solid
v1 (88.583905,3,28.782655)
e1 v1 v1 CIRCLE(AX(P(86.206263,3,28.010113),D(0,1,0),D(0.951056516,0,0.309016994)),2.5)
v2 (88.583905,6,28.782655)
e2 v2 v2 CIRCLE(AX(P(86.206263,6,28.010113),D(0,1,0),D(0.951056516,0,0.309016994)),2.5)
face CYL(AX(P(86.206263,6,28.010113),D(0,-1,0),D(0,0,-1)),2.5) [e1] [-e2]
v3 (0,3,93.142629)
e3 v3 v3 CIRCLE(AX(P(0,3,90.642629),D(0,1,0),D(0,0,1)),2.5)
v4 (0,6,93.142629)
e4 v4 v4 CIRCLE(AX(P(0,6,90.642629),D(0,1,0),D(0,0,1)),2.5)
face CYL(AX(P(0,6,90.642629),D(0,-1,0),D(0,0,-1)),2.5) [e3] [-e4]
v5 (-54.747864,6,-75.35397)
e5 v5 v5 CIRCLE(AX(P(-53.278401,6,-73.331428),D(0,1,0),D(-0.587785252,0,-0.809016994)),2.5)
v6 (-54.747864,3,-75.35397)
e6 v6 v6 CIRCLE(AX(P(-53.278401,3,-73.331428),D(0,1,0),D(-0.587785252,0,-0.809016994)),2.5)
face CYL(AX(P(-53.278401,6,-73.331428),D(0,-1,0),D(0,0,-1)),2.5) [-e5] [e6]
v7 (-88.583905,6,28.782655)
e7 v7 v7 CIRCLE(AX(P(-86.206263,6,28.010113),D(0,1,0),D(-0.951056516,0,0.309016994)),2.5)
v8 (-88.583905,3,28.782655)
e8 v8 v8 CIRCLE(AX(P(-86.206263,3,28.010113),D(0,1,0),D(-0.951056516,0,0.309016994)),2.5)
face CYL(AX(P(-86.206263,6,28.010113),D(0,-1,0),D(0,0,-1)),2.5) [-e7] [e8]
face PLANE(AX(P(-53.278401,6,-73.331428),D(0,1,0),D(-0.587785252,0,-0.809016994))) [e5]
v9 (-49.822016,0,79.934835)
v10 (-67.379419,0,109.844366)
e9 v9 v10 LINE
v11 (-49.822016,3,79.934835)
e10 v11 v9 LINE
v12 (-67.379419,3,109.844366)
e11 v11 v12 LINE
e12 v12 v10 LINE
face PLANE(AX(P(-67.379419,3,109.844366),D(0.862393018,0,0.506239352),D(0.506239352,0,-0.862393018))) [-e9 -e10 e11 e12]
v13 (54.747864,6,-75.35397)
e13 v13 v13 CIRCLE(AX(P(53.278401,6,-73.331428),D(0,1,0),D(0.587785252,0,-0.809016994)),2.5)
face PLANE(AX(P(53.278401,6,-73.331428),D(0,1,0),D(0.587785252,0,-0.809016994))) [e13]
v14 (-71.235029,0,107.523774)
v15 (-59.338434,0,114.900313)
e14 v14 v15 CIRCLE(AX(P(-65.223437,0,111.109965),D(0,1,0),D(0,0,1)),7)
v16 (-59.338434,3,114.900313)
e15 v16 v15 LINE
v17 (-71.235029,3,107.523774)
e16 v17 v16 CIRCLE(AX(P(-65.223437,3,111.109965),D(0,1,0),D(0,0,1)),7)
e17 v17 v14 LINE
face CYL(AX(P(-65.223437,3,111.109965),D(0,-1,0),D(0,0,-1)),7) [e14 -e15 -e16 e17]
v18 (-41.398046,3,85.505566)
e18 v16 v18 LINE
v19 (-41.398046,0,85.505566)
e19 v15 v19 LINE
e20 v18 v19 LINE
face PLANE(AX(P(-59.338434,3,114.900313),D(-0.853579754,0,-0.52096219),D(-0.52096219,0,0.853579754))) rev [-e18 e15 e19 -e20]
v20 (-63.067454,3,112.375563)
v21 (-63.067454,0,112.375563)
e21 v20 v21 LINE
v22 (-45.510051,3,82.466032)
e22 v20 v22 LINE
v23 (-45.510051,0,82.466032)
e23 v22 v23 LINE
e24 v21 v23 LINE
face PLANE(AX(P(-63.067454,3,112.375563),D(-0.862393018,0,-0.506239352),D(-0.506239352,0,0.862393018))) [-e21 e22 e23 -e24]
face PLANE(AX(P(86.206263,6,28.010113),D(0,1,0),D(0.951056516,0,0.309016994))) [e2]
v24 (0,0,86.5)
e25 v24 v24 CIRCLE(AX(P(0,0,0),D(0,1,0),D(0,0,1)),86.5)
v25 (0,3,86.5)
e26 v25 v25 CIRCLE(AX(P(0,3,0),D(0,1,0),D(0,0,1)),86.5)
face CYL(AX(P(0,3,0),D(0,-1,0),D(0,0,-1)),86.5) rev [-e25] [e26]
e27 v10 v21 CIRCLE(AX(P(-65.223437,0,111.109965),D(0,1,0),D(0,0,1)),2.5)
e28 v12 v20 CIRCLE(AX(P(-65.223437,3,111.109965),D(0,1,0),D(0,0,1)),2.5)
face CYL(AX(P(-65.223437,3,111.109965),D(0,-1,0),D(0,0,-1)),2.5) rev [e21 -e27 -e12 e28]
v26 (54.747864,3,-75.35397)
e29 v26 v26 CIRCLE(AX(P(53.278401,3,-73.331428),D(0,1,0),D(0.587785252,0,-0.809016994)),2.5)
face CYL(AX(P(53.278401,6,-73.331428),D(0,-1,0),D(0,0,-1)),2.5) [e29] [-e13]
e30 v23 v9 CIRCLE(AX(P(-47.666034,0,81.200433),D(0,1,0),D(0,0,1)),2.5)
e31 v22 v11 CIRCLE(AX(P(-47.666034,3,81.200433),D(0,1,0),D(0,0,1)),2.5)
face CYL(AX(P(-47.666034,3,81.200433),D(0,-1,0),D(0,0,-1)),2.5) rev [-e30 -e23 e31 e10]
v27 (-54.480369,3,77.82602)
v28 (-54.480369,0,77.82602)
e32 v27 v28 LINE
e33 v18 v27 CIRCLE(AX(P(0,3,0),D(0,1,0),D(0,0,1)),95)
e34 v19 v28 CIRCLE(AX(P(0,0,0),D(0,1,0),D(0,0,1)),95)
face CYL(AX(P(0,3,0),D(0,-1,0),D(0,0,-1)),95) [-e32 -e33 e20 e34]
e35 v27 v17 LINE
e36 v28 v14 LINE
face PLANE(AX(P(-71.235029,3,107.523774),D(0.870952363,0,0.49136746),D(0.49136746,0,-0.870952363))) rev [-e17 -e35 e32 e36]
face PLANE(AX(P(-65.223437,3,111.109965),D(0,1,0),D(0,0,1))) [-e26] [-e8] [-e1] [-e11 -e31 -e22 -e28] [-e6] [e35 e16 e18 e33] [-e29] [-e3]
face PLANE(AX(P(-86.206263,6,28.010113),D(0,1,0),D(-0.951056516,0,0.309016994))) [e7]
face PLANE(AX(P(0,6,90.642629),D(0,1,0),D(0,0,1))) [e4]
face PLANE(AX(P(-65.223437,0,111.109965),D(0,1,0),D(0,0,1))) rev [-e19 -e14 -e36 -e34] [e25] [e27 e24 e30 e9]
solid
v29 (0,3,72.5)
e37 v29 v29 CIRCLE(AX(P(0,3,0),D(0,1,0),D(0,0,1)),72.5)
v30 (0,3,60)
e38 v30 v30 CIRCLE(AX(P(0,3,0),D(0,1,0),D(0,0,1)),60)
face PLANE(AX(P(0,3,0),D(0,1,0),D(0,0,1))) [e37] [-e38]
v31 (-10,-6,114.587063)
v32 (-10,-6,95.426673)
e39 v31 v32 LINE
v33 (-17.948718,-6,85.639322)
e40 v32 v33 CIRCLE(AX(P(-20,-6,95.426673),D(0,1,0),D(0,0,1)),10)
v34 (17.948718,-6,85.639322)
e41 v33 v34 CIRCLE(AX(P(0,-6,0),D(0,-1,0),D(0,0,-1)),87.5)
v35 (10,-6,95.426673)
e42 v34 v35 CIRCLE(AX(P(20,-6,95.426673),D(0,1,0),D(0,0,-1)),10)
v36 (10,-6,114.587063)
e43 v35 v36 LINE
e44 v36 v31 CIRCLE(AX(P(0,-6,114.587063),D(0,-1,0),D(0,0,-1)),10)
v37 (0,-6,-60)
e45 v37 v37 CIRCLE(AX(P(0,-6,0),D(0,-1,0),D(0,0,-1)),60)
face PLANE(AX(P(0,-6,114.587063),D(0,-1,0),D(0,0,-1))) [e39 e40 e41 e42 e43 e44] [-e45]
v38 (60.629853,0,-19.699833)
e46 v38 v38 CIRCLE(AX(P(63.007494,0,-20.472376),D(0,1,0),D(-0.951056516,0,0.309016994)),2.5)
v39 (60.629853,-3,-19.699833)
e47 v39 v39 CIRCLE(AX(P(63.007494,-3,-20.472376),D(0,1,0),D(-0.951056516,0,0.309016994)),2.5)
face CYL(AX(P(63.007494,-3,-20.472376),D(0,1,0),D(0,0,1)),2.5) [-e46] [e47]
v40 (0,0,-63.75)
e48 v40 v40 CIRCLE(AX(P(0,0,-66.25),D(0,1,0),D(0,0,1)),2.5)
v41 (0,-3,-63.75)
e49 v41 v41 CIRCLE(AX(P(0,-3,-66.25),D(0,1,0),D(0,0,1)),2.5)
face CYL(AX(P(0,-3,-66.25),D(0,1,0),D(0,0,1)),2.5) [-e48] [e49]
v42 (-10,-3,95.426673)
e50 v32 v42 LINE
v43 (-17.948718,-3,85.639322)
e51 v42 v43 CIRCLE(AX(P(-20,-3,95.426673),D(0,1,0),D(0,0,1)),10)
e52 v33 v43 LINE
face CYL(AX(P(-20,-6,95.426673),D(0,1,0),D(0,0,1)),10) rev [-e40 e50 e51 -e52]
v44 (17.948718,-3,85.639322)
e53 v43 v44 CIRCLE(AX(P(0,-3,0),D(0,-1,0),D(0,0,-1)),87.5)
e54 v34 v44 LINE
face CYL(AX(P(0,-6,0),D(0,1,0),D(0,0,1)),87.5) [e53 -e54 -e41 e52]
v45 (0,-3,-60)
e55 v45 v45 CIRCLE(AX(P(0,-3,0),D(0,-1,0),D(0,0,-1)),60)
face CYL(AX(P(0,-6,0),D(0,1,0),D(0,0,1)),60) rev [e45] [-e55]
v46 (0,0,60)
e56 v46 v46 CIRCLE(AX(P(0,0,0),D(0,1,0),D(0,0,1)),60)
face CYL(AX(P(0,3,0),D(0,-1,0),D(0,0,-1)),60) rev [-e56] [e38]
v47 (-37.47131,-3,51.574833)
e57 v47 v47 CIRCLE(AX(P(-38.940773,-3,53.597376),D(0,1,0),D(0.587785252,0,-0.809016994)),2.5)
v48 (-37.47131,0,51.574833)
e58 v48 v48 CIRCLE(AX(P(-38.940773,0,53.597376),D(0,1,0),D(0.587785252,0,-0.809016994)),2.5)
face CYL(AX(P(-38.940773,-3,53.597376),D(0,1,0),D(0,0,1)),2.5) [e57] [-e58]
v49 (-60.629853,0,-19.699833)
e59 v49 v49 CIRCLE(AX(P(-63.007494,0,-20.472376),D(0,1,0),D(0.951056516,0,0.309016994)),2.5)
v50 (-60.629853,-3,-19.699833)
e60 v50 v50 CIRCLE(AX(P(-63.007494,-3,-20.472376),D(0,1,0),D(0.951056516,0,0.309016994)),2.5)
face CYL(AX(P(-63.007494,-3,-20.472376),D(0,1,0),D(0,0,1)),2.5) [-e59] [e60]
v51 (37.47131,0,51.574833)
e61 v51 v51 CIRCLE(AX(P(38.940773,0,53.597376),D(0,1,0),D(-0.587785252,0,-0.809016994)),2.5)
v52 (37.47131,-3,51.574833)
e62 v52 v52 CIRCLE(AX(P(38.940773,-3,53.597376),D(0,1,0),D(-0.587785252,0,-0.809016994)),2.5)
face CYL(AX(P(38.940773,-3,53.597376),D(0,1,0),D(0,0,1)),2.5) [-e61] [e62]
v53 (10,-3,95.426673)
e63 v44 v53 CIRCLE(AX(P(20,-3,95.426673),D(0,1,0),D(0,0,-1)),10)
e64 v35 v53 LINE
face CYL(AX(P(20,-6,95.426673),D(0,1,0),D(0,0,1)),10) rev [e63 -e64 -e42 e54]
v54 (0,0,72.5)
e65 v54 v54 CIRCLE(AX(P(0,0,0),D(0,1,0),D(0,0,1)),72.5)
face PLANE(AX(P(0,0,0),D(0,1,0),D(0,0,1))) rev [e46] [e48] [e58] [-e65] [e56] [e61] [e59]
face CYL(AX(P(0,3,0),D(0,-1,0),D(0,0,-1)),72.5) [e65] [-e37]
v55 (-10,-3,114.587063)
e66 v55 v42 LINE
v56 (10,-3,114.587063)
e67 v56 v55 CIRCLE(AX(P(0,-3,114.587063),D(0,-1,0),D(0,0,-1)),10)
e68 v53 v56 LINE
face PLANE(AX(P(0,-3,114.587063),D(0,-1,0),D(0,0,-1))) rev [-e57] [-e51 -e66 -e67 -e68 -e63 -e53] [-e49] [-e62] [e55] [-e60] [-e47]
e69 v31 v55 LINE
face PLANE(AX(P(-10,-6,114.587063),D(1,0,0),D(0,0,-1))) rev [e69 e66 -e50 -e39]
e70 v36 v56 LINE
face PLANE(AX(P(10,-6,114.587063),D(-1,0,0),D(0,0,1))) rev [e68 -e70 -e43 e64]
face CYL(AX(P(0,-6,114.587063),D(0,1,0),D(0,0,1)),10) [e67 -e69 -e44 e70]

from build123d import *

# Parameters (mm, degrees)
SKETCH_1_R               = 72.5
SKETCH_1_R_2             = 60
EXTRUDE_1_DEPTH          = 3
SKETCH_2_R               = 2.5
EXTRUDE_2_DEPTH          = 3
PATTERN_CIRCULAR_1_COUNT = 5
EXTRUDE_START            = 3
SKETCH_3_R               = 60
EXTRUDE_3_DEPTH          = 3
SKETCH_4_R               = 86.5
EXTRUDE_4_DEPTH          = 3
SKETCH_7_R               = 2.5
EXTRUDE_7_DEPTH          = 3
PATTERN_CIRCULAR_5_COUNT = 5
CUT_EXTRUDE_1_DEPTH      = 3


with BuildPart() as part:
    # 草图1 → 凸台-拉伸1 (new body)
    with BuildSketch(Plane(origin=(0, 0, 0), x_dir=(1, 0, 0), z_dir=(0, 1, 0))):
        with Locations(Location((0, 0, 0), (0, 0, 270))):
            Circle(SKETCH_1_R)
        with Locations(Location((0, 0, 0), (0, 0, 270))):
            Circle(SKETCH_1_R_2, mode=Mode.SUBTRACT)
    extrude(amount=EXTRUDE_1_DEPTH)

    # 草图2 → 凸台-拉伸2 (add)
    with BuildSketch(Plane(origin=(0, 0, 0), x_dir=(1, 0, 0), z_dir=(0, 1, 0))):
        with Locations(Location((0, 66.25, 0), (0, 0, 270))):
            Circle(SKETCH_2_R)
    extrude_2 = extrude(amount=-EXTRUDE_2_DEPTH)

    # 阵列(圆周)1: 凸台-拉伸2 ×5 about axis
    pattern_circular_1_axis = Axis((0, 0, 0), (0, 1, 0))
    for i in range(1, PATTERN_CIRCULAR_1_COUNT):
        add(extrude_2.rotate(pattern_circular_1_axis, i * 360 / PATTERN_CIRCULAR_1_COUNT))

    # 草图3 → 凸台-拉伸3 (add)
    with BuildSketch(Plane.XZ.offset(3).offset(EXTRUDE_START)):
        with BuildLine():
            Line((10, 114.58706304), (10, 95.42667342))
            ThreePointArc((10, 95.42667342), (12.237499742, 89.1224217), (17.948717949, 85.6393223))
            ThreePointArc((17.948717949, 85.6393223), (0, -87.5), (-17.948717949, 85.6393223))
            ThreePointArc((-17.948717949, 85.6393223), (-12.237499742, 89.1224217), (-10, 95.42667342))
            Line((-10, 95.42667342), (-10, 114.58706304))
            ThreePointArc((-10, 114.58706304), (0, 124.58706304), (10, 114.58706304))
        make_face()
        with Locations(Location((0, 0, 0), (0, 0, 90))):
            Circle(SKETCH_3_R, mode=Mode.SUBTRACT)
    extrude(amount=-EXTRUDE_3_DEPTH)


with BuildPart() as body_2:
    # 草图4 → 凸台-拉伸4 (new body)
    with BuildSketch(Plane(origin=(0, 0, 0), x_dir=(1, 0, 0), z_dir=(0, 1, 0))):
        with BuildLine():
            Line((-71.235028952, -107.523774466), (-54.480369424, -77.826019733))
            ThreePointArc((-54.480369424, -77.826019733), (48.092738476, 81.927336743), (-41.398046023, -85.505565816))
            Line((-41.398046023, -85.505565816), (-59.338433855, -114.90031295))
            ThreePointArc((-59.338433855, -114.90031295), (-68.912249243, -117.059138228), (-71.235028952, -107.523774466))
        make_face()
        with Locations(Location((0, 0, 0), (0, 0, 270))):
            Circle(SKETCH_4_R, mode=Mode.SUBTRACT)
    extrude(amount=EXTRUDE_4_DEPTH)

    # 草图7 → 凸台-拉伸7 (add)
    with BuildSketch(Plane(origin=(0, 3, 0), x_dir=(1, 0, 0), z_dir=(0, 1, 0))):
        with Locations(Location((0, -90.642629317, 0), (0, 0, 270))):
            Circle(SKETCH_7_R)
    extrude_7 = extrude(amount=EXTRUDE_7_DEPTH)

    # 阵列(圆周)5: 凸台-拉伸7 ×5 about axis
    pattern_circular_5_axis = Axis((0, 0, 0), (0, 1, 0))
    for i in range(1, PATTERN_CIRCULAR_5_COUNT):
        add(extrude_7.rotate(pattern_circular_5_axis, i * 360 / PATTERN_CIRCULAR_5_COUNT))

    # 草图9 → 切除-拉伸1 (cut)
    with BuildSketch(Plane(origin=(0, 0, 0), x_dir=(1, 0, 0), z_dir=(0, 1, 0))):
        with BuildLine():
            Line((-67.379419488, -109.844366475), (-49.822016323, -79.934834869))
            ThreePointArc((-49.822016323, -79.934834869), (-46.400435396, -79.044450705), (-45.510051231, -82.466031631))
            Line((-45.510051231, -82.466031631), (-63.067454396, -112.375563237))
            ThreePointArc((-63.067454396, -112.375563237), (-66.489035323, -113.265947402), (-67.379419488, -109.844366475))
        make_face()
    extrude(amount=CUT_EXTRUDE_1_DEPTH, mode=Mode.SUBTRACT)


solid = Compound([part.part, body_2.part])
